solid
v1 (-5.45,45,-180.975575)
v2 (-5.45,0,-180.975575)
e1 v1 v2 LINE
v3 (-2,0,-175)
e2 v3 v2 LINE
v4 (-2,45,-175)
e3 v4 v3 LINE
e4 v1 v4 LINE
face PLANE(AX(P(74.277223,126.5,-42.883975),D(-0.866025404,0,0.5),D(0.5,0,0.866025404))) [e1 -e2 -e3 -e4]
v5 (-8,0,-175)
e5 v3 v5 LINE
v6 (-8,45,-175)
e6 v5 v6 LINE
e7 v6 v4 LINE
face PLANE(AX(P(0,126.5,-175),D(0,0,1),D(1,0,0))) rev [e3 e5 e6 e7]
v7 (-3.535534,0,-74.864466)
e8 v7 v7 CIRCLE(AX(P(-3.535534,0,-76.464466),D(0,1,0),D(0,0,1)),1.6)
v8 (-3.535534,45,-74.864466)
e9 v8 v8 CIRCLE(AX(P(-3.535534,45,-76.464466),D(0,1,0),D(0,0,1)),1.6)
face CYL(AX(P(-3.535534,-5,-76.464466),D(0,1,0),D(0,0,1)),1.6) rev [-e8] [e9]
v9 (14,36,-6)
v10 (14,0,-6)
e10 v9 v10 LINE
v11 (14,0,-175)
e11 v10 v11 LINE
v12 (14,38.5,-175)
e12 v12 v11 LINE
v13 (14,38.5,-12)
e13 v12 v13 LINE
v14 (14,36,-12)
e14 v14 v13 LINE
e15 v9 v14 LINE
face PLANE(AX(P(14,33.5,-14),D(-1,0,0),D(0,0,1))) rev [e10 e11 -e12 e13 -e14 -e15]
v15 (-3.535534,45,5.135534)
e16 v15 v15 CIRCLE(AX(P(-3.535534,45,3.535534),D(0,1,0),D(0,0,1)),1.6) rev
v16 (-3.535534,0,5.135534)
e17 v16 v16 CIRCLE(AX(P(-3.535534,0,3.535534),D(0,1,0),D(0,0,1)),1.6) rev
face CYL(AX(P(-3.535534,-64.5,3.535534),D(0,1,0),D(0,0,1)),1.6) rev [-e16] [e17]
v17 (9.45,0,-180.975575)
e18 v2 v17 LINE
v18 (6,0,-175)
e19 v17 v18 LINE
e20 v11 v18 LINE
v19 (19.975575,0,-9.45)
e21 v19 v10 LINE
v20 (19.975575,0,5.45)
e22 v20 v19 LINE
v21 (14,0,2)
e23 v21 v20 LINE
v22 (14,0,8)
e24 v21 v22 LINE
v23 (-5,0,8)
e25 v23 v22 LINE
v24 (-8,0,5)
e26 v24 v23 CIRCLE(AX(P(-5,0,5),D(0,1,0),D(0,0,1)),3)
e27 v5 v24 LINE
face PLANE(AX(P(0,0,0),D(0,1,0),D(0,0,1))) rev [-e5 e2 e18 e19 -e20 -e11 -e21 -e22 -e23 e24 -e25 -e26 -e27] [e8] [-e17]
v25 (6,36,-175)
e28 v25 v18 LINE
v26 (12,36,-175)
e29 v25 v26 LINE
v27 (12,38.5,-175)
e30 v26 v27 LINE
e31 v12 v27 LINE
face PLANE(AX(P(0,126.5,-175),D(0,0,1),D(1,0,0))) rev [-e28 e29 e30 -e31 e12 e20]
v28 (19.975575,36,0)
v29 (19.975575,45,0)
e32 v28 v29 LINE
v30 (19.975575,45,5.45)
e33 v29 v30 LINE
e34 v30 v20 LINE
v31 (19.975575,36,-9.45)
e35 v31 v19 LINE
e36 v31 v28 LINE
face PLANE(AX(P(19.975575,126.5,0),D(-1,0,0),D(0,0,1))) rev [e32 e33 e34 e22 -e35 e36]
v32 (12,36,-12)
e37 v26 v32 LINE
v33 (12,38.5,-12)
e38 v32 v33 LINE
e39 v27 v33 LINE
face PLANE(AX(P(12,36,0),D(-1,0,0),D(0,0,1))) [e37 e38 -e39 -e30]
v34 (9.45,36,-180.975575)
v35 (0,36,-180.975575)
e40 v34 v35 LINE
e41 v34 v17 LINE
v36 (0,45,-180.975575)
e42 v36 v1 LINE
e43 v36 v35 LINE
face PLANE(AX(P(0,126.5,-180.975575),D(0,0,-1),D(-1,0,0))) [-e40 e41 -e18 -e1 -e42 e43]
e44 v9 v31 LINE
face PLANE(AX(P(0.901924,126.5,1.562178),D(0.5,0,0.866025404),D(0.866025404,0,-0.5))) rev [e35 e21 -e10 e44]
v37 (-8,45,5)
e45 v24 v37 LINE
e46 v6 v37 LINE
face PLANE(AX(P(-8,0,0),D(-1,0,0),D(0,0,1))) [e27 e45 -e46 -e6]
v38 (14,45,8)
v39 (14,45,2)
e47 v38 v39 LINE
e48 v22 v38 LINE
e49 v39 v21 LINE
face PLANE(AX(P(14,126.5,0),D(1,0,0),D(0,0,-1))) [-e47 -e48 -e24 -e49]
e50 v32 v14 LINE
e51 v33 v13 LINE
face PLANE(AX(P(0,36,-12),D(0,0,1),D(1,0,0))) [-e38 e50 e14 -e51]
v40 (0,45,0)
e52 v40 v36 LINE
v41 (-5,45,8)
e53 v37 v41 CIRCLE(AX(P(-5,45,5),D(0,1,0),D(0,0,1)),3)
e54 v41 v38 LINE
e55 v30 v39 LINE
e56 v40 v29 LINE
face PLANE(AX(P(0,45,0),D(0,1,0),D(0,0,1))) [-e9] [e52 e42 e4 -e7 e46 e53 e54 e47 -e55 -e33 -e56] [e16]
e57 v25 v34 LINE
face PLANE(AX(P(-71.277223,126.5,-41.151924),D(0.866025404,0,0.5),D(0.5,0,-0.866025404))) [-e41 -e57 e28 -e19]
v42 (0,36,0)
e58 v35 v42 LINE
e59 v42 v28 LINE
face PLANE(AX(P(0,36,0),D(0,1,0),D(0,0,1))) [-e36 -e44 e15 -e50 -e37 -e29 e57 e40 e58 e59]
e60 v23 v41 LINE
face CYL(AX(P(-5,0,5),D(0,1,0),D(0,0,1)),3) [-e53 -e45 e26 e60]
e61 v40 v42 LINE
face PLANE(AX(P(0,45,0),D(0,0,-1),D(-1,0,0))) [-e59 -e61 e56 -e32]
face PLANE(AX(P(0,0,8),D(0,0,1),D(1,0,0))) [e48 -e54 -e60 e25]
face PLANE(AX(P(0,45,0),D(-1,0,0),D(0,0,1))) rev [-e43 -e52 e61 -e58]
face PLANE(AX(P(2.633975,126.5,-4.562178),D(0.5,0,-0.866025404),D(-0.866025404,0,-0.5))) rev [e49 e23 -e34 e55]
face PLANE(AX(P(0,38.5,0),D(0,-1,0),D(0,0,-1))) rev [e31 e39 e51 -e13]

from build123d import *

# Parameters (mm, degrees)
SKETCH_1_W                = 270
SKETCH_1_H                = 370
SKETCH_1_W_2              = 250
SKETCH_1_H_2              = 350
EXTRUDE_2_DEPTH           = 45
SKETCH_4_W                = 250
SKETCH_4_H                = 350
SKETCH_4_W_2              = 222
SKETCH_4_H_2              = 322
EXTRUDE_3_DEPTH           = 5
SKETCH_9_W                = 246
SKETCH_9_H                = 346
SKETCH_9_W_2              = 226
SKETCH_9_H_2              = 326
CUT_EXTRUDE_3_DEPTH       = 2.5
SKETCH_12_R               = 1.6
CUT_EXTRUDE_5_DEPTH       = 109.5
FILLET_1_R                = 5
SKETCH_13_W               = 250
SKETCH_13_H               = 350
SKETCH_13_W_2             = 222
SKETCH_13_H_2             = 322
EXTRUDE_4_DEPTH           = 33.5
CUT_EXTRUDE_START         = -126.5
SKETCH_14_R               = 1.6
CUT_EXTRUDE_9_DEPTH       = 126.5
SKETCH_15_R               = 1.6
CUT_EXTRUDE_10_DEPTH      = 50
CUT_EXTRUDE_11_DEPTH      = 2.5
CUT_EXTRUDE_12_DEPTH      = 188.55314569
CUT_EXTRUDE_12_DEPTH_BACK = 188.55314569


with BuildPart() as part:
    # 草图1 → 凸台-拉伸2 (new body)
    with BuildSketch(Plane(origin=(0, 0, 0), x_dir=(1, 0, 0), z_dir=(0, 1, 0))):
        with Locations((125, 175)):
            Rectangle(SKETCH_1_W, SKETCH_1_H)
        with Locations((125, 175)):
            Rectangle(SKETCH_1_W_2, SKETCH_1_H_2, mode=Mode.SUBTRACT)
    extrude(amount=EXTRUDE_2_DEPTH)

    # 草图4 → 凸台-拉伸3 (add)
    with BuildSketch(Plane(origin=(0, 38.5, 0), x_dir=(1, 0, 0), z_dir=(0, 1, 0))):
        with Locations((125, 175)):
            Rectangle(SKETCH_4_W, SKETCH_4_H)
        with Locations((125, 175)):
            Rectangle(SKETCH_4_W_2, SKETCH_4_H_2, mode=Mode.SUBTRACT)
    extrude(amount=-EXTRUDE_3_DEPTH)

    # 草图9 → 切除-拉伸3 (cut)
    with BuildSketch(Plane(origin=(0, 38.5, 0), x_dir=(1, 0, 0), z_dir=(0, 1, 0))):
        with Locations((125, 175)):
            Rectangle(SKETCH_9_W, SKETCH_9_H)
        with Locations((125, 175)):
            Rectangle(SKETCH_9_W_2, SKETCH_9_H_2, mode=Mode.SUBTRACT)
    extrude(amount=-CUT_EXTRUDE_3_DEPTH, mode=Mode.SUBTRACT)

    # 草图12 → 切除-拉伸5 (cut)
    with BuildSketch(Plane(origin=(0, 45, 0), x_dir=(1, 0, 0), z_dir=(0, 1, 0))):
        with Locations(Location((-3.535533906, -3.535533906, 0), (0, 0, 270))):
            Circle(SKETCH_12_R)
        with BuildLine():
            ThreePointArc((-4.666904756, 354.666904756), (-4.666904756, 352.404163056), (-2.404163056, 352.404163056))
            Line((-2.404163056, 352.404163056), (-4.666904756, 354.666904756))
        make_face()
        with BuildLine():
            Line((-4.666904756, 354.666904756), (-2.404163056, 352.404163056))
            ThreePointArc((-2.404163056, 352.404163056), (-2.057326654, 352.923240414), (-1.935533906, 353.535533906))
            ThreePointArc((-1.935533906, 353.535533906), (-2.923240414, 355.013741158), (-4.666904756, 354.666904756))
        make_face()
        with Locations(Location((253.535533906, 353.535533906, 0), (0, 0, 270))):
            Circle(SKETCH_12_R)
        with Locations(Location((253.535533906, -3.535533906, 0), (0, 0, 270))):
            Circle(SKETCH_12_R)
    extrude(amount=-CUT_EXTRUDE_5_DEPTH, mode=Mode.SUBTRACT)

    # 圆角1
    fillet_1_edges = [part.edges().sort_by_distance(p)[0] for p in [
        (-10, 22.5, 10),
        (-10, 22.5, -360),
        (260, 22.5, -360),
        (260, 22.5, 10),
    ]]
    fillet(fillet_1_edges, radius=FILLET_1_R)

    # 草图13 → 凸台-拉伸4 (add)
    with BuildSketch(Plane.XZ.offset(-33.5)):
        with Locations((125, -175)):
            Rectangle(SKETCH_13_W, SKETCH_13_H)
        with Locations((125, -175)):
            Rectangle(SKETCH_13_W_2, SKETCH_13_H_2, mode=Mode.SUBTRACT)
    extrude(amount=EXTRUDE_4_DEPTH)

    # 草图14 → 切除-拉伸9 (cut)
    # profile 1 of 8: a face of its own
    with BuildSketch(Plane.XZ.offset(CUT_EXTRUDE_START)):
        with BuildLine():
            Line((14, -336), (14, -175))
            Line((14, -175), (6, -175))
            Line((6, -175), (9.45, -180.975575286))
            Line((9.45, -180.975575286), (-5.45, -180.975575286))
            Line((-5.45, -180.975575286), (-2, -175))
            Line((-2, -175), (-10, -175))
            Line((-10, -175), (-10, -355))
            ThreePointArc((-10, -355), (-8.535533906, -358.535533906), (-5, -360))
            Line((-5, -360), (14, -360))
            Line((14, -360), (14, -352))
            Line((14, -352), (14, -344))
            Line((14, -344), (14, -336))
        make_face()
        with Locations((-3.535533906, -353.535533906)):
            Circle(SKETCH_14_R, mode=Mode.SUBTRACT)
    # profile 2 of 8: a face of its own
    with BuildSketch(Plane.XZ.offset(CUT_EXTRUDE_START)):
        Polygon((14, -6), (14, -14), (125, -14), (125, 10), (14, 10), (14, 2), (19.975575286, 5.45), (19.975575286, -9.45), align=None)
    # profile 3 of 8: a face of its own
    with BuildSketch(Plane.XZ.offset(CUT_EXTRUDE_START)):
        Polygon((125, 10), (125, -14), (236, -14), (236, -6), (230.024424714, -9.45), (230.024424714, 5.45), (236, 2), (236, 10), align=None)
    # profile 4 of 8: a face of its own
    with BuildSketch(Plane.XZ.offset(CUT_EXTRUDE_START)):
        with BuildLine():
            Line((236, -336), (14, -336))
            Line((14, -336), (14, -344))
            Line((14, -344), (19.975575286, -340.55))
            Line((19.975575286, -340.55), (19.975575286, -355.45))
            Line((19.975575286, -355.45), (14, -352))
            Line((14, -352), (14, -360))
            Line((14, -360), (255, -360))
            ThreePointArc((255, -360), (258.535533906, -358.535533906), (260, -355))
            Line((260, -355), (260, 5))
            ThreePointArc((260, 5), (258.535533906, 8.535533906), (255, 10))
            Line((255, 10), (236, 10))
            Line((236, 10), (236, 2))
            Line((236, 2), (236, -6))
            Line((236, -6), (236, -14))
            Line((236, -14), (236, -336))
        make_face()
        with Locations((253.535533906, -353.535533906)):
            Circle(SKETCH_14_R, mode=Mode.SUBTRACT)
        with Locations((253.535533906, 3.535533906)):
            Circle(SKETCH_14_R, mode=Mode.SUBTRACT)
    # profile 5 of 8: a face of its own
    with BuildSketch(Plane.XZ.offset(CUT_EXTRUDE_START)):
        Polygon((230.024424714, -9.45), (236, -6), (236, 2), (230.024424714, 5.45), align=None)
    # profile 6 of 8: a face of its own
    with BuildSketch(Plane.XZ.offset(CUT_EXTRUDE_START)):
        with Locations((253.535533906, -353.535533906)):
            Circle(SKETCH_14_R)
    # profile 7 of 8: a face of its own
    with BuildSketch(Plane.XZ.offset(CUT_EXTRUDE_START)):
        Polygon((19.975575286, -340.55), (14, -344), (14, -352), (19.975575286, -355.45), align=None)
    # profile 8 of 8: a face of its own
    with BuildSketch(Plane.XZ.offset(CUT_EXTRUDE_START)):
        with Locations((-3.535533906, -353.535533906)):
            Circle(SKETCH_14_R)
    extrude(amount=CUT_EXTRUDE_9_DEPTH, mode=Mode.SUBTRACT)

    # 草图15 → 切除-拉伸10 (cut)
    with BuildSketch(Plane(origin=(0, 45, 0), x_dir=(1, 0, 0), z_dir=(0, 1, 0))):
        with Locations(Location((-3.535533906, 76.464466094, 0), (0, 0, 270))):
            Circle(SKETCH_15_R)
    extrude(amount=-CUT_EXTRUDE_10_DEPTH, mode=Mode.SUBTRACT)

    # 草图16 → 切除-拉伸11 (cut)
    with BuildSketch(Plane(origin=(0, 38.5, 0), x_dir=(1, 0, 0), z_dir=(0, 1, 0))):
        Polygon((0, 0), (19.975575286, 0), (19.975575286, 2), (2, 2), (2, 180.975575286), (0, 180.975575286), align=None)
    extrude(amount=-CUT_EXTRUDE_11_DEPTH, mode=Mode.SUBTRACT)

    # 草图18 → 切除-拉伸12 (cut, two sides: drawn at the far end of the back side and taken through both)
    with BuildSketch(Plane(origin=(0, 45, 0), x_dir=(1, 0, 0), z_dir=(0, 1, 0)).offset(-CUT_EXTRUDE_12_DEPTH_BACK)):
        with BuildLine():
            Line((14, -10), (14, -8))
            Line((14, -8), (12, -8))
            Line((12, -8), (-5, -8))
            ThreePointArc((-5, -8), (-7.121320344, -7.121320344), (-8, -5))
            Line((-8, -5), (-8, 173))
            Line((-8, 173), (-8, 175))
            Line((-8, 175), (-10, 175))
            Line((-10, 175), (-10, -5))
            ThreePointArc((-10, -5), (-8.535533906, -8.535533906), (-5, -10))
            Line((-5, -10), (14, -10))
        make_face()
    extrude(amount=CUT_EXTRUDE_12_DEPTH + CUT_EXTRUDE_12_DEPTH_BACK, mode=Mode.SUBTRACT)


solid = part.part
